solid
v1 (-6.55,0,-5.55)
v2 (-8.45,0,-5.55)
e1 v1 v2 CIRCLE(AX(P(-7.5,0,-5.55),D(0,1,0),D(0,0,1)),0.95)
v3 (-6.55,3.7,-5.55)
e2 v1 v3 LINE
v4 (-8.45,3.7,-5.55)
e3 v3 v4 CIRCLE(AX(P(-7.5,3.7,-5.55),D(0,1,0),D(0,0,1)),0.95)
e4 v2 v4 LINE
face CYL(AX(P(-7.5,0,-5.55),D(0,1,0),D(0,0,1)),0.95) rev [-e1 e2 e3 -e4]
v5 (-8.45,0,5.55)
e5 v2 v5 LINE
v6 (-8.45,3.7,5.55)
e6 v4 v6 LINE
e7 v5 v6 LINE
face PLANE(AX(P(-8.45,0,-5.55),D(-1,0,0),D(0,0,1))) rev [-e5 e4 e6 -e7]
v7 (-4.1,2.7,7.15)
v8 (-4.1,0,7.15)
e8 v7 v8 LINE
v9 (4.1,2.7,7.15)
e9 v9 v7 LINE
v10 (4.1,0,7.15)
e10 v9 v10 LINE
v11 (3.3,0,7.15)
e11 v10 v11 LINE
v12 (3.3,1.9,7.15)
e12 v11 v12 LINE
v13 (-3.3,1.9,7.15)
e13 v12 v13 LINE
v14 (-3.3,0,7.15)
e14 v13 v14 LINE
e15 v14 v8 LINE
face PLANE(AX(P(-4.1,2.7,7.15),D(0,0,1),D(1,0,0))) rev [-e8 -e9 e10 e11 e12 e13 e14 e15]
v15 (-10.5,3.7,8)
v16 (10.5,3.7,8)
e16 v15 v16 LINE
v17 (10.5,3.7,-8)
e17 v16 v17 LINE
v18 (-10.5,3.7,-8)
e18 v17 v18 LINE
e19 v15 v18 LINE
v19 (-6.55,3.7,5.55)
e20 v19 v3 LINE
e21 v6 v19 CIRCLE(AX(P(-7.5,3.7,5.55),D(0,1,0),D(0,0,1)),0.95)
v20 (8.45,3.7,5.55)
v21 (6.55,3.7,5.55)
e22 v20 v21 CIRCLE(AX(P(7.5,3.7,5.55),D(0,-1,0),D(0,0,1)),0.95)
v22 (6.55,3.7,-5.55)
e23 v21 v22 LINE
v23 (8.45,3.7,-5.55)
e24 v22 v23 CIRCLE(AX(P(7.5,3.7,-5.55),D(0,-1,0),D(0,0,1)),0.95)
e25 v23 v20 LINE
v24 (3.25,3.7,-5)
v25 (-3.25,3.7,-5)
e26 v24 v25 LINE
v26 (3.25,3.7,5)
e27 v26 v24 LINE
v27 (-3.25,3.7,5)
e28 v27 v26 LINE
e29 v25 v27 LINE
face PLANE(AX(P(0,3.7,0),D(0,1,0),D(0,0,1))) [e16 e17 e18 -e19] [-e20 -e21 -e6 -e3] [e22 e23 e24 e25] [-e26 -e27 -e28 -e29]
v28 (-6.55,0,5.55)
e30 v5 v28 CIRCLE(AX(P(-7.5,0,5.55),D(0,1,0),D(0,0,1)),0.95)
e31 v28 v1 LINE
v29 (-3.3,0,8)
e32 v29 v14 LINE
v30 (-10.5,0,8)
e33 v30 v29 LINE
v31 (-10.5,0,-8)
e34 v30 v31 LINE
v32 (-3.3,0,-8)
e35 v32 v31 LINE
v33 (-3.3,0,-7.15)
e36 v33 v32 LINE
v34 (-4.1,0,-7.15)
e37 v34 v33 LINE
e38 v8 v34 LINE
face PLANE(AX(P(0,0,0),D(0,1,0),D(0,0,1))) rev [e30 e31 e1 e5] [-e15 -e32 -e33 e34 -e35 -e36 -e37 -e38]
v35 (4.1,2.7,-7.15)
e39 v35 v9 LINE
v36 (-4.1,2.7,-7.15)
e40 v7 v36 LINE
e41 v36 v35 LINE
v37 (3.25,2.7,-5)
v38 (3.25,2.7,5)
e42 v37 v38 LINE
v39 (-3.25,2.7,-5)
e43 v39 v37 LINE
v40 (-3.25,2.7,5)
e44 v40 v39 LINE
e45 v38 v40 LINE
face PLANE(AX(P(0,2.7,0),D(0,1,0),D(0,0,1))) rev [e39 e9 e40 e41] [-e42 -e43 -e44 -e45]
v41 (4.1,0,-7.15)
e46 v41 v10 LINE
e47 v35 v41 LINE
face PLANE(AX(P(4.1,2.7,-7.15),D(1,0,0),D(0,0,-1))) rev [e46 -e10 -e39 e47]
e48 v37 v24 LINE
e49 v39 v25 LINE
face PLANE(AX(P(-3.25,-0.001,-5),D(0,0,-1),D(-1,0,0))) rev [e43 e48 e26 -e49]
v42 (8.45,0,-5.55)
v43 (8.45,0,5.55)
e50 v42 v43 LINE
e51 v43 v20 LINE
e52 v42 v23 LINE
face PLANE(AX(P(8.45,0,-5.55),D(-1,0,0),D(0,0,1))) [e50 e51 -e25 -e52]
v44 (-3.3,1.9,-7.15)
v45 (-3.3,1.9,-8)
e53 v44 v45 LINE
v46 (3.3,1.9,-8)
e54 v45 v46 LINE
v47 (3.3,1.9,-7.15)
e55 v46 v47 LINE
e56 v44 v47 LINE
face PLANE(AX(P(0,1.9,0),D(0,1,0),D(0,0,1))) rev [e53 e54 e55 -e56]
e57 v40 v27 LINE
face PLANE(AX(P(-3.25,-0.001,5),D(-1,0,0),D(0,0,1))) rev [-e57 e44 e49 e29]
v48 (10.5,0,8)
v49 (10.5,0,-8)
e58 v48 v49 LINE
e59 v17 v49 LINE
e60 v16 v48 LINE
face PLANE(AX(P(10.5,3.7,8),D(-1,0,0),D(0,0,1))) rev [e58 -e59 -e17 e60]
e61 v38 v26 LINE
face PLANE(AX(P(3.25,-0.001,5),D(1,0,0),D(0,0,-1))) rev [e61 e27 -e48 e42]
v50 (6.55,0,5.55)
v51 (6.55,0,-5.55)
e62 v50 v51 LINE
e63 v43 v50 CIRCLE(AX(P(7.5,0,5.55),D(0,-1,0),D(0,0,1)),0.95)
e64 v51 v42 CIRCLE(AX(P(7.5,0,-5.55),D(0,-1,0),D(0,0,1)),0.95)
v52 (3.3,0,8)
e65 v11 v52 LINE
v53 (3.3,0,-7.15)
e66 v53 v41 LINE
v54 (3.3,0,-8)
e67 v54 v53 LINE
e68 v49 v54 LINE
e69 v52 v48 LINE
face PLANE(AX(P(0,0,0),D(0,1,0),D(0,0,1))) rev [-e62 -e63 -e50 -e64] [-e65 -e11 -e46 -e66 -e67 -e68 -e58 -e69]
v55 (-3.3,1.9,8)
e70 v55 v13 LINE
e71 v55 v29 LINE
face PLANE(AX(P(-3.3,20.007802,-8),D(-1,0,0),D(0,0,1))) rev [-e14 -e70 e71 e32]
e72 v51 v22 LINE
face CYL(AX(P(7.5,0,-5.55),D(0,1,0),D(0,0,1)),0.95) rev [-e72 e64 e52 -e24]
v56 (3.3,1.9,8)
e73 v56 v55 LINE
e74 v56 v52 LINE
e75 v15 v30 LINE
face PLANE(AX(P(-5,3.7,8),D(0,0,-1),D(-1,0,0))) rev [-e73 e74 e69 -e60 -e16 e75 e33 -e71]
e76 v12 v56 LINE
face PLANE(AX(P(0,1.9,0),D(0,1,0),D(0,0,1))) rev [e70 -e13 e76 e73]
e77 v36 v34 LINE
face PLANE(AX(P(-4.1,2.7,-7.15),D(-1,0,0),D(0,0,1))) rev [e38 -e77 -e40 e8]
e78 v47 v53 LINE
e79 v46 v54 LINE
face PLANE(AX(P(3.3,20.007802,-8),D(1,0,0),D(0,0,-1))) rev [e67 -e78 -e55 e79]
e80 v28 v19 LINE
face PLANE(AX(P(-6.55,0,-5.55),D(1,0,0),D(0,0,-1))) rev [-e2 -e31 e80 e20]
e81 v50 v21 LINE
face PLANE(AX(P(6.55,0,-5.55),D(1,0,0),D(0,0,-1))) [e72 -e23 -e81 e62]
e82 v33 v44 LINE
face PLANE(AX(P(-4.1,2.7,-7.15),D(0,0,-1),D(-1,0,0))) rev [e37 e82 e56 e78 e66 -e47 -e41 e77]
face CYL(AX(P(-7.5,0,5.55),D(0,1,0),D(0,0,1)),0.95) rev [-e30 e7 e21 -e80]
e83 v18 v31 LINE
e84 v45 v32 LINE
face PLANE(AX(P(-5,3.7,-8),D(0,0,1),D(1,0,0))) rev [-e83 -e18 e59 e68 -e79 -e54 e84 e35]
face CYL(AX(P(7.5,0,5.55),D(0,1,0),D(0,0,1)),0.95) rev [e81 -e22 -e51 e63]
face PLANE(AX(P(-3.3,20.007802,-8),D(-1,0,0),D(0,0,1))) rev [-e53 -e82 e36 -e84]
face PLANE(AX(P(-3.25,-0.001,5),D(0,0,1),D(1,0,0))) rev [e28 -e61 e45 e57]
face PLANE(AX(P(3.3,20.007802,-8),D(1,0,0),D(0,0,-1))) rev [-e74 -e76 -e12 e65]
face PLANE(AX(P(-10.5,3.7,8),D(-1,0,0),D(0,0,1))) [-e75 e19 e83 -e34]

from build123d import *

# Parameters (mm, degrees)
SKETCH1_W           = 10
SKETCH1_H           = 16
BOSS_EXTRUDE1_DEPTH = 3.7
SKETCH2_W           = 8.2
SKETCH2_H           = 14.3
CUT_EXTRUDE1_DEPTH  = 2.7
SKETCH3_W           = 6.6
SKETCH3_H           = 16
CUT_EXTRUDE2_DEPTH  = 1.9
CUT_EXTRUDE3_REACH  = 5.7
SKETCH4_W           = 6.5
SKETCH4_H           = 10
SKETCH5_W           = 5.5
SKETCH5_H           = 16
BOSS_EXTRUDE2_DEPTH = 3.7
CUT_EXTRUDE4_DEPTH  = 4.7


with BuildPart() as part:
    # Sketch1 → Boss-Extrude1 (new body)
    with BuildSketch(Plane(origin=(0, 0, 0), x_dir=(1, 0, 0), z_dir=(0, 1, 0))):
        Rectangle(SKETCH1_W, SKETCH1_H)
    extrude(amount=BOSS_EXTRUDE1_DEPTH)

    # Sketch2 → Cut-Extrude1 (cut)
    with BuildSketch(Plane.XZ):
        Rectangle(SKETCH2_W, SKETCH2_H)
    extrude(amount=-CUT_EXTRUDE1_DEPTH, mode=Mode.SUBTRACT)

    # Sketch3 → Cut-Extrude2 (cut)
    with BuildSketch(Plane.XZ):
        Rectangle(SKETCH3_W, SKETCH3_H)
    extrude(amount=-CUT_EXTRUDE2_DEPTH, mode=Mode.SUBTRACT)

    # Sketch4 → Cut-Extrude3 (cut, up to next)
    with BuildSketch(Plane(origin=(0, 3.7, 0), x_dir=(1, 0, 0), z_dir=(0, 1, 0)), mode=Mode.PRIVATE) as cut_extrude3_sk1:
        Rectangle(SKETCH4_W, SKETCH4_H)
    cut_extrude3_tool1 = extrude(cut_extrude3_sk1.sketch, amount=-CUT_EXTRUDE3_REACH, mode=Mode.PRIVATE) & part.part
    add(cut_extrude3_tool1.solids().sort_by_distance((0, 3.7, 0))[0], mode=Mode.SUBTRACT)

    # Sketch5 → Boss-Extrude2 (add)
    with BuildSketch(Plane.XZ):
        with Locations((-7.75, 0)):
            Rectangle(SKETCH5_W, SKETCH5_H)
    boss_extrude2 = extrude(amount=-BOSS_EXTRUDE2_DEPTH)

    # Sketch6 → Cut-Extrude4 (cut, through all)
    with BuildSketch(Plane(origin=(0, 3.7, 0), x_dir=(1, 0, 0), z_dir=(0, 1, 0))):
        with BuildLine():
            Line((-6.55, 5.55), (-6.55, -5.55))
            ThreePointArc((-6.55, -5.55), (-7.5, -6.5), (-8.45, -5.55))
            Line((-8.45, -5.55), (-8.45, 5.55))
            ThreePointArc((-8.45, 5.55), (-7.5, 6.5), (-6.55, 5.55))
        make_face()
    cut_extrude4 = extrude(amount=-CUT_EXTRUDE4_DEPTH, mode=Mode.SUBTRACT)

    # Mirror1: Boss-Extrude2, Cut-Extrude4 across plane
    add(boss_extrude2.mirror(Plane(origin=(0, 0, 0), x_dir=(0, 0, 1), z_dir=(1, 0, 0))))
    add(cut_extrude4.mirror(Plane(origin=(0, 0, 0), x_dir=(0, 0, 1), z_dir=(1, 0, 0))), mode=Mode.SUBTRACT)


solid = part.part
